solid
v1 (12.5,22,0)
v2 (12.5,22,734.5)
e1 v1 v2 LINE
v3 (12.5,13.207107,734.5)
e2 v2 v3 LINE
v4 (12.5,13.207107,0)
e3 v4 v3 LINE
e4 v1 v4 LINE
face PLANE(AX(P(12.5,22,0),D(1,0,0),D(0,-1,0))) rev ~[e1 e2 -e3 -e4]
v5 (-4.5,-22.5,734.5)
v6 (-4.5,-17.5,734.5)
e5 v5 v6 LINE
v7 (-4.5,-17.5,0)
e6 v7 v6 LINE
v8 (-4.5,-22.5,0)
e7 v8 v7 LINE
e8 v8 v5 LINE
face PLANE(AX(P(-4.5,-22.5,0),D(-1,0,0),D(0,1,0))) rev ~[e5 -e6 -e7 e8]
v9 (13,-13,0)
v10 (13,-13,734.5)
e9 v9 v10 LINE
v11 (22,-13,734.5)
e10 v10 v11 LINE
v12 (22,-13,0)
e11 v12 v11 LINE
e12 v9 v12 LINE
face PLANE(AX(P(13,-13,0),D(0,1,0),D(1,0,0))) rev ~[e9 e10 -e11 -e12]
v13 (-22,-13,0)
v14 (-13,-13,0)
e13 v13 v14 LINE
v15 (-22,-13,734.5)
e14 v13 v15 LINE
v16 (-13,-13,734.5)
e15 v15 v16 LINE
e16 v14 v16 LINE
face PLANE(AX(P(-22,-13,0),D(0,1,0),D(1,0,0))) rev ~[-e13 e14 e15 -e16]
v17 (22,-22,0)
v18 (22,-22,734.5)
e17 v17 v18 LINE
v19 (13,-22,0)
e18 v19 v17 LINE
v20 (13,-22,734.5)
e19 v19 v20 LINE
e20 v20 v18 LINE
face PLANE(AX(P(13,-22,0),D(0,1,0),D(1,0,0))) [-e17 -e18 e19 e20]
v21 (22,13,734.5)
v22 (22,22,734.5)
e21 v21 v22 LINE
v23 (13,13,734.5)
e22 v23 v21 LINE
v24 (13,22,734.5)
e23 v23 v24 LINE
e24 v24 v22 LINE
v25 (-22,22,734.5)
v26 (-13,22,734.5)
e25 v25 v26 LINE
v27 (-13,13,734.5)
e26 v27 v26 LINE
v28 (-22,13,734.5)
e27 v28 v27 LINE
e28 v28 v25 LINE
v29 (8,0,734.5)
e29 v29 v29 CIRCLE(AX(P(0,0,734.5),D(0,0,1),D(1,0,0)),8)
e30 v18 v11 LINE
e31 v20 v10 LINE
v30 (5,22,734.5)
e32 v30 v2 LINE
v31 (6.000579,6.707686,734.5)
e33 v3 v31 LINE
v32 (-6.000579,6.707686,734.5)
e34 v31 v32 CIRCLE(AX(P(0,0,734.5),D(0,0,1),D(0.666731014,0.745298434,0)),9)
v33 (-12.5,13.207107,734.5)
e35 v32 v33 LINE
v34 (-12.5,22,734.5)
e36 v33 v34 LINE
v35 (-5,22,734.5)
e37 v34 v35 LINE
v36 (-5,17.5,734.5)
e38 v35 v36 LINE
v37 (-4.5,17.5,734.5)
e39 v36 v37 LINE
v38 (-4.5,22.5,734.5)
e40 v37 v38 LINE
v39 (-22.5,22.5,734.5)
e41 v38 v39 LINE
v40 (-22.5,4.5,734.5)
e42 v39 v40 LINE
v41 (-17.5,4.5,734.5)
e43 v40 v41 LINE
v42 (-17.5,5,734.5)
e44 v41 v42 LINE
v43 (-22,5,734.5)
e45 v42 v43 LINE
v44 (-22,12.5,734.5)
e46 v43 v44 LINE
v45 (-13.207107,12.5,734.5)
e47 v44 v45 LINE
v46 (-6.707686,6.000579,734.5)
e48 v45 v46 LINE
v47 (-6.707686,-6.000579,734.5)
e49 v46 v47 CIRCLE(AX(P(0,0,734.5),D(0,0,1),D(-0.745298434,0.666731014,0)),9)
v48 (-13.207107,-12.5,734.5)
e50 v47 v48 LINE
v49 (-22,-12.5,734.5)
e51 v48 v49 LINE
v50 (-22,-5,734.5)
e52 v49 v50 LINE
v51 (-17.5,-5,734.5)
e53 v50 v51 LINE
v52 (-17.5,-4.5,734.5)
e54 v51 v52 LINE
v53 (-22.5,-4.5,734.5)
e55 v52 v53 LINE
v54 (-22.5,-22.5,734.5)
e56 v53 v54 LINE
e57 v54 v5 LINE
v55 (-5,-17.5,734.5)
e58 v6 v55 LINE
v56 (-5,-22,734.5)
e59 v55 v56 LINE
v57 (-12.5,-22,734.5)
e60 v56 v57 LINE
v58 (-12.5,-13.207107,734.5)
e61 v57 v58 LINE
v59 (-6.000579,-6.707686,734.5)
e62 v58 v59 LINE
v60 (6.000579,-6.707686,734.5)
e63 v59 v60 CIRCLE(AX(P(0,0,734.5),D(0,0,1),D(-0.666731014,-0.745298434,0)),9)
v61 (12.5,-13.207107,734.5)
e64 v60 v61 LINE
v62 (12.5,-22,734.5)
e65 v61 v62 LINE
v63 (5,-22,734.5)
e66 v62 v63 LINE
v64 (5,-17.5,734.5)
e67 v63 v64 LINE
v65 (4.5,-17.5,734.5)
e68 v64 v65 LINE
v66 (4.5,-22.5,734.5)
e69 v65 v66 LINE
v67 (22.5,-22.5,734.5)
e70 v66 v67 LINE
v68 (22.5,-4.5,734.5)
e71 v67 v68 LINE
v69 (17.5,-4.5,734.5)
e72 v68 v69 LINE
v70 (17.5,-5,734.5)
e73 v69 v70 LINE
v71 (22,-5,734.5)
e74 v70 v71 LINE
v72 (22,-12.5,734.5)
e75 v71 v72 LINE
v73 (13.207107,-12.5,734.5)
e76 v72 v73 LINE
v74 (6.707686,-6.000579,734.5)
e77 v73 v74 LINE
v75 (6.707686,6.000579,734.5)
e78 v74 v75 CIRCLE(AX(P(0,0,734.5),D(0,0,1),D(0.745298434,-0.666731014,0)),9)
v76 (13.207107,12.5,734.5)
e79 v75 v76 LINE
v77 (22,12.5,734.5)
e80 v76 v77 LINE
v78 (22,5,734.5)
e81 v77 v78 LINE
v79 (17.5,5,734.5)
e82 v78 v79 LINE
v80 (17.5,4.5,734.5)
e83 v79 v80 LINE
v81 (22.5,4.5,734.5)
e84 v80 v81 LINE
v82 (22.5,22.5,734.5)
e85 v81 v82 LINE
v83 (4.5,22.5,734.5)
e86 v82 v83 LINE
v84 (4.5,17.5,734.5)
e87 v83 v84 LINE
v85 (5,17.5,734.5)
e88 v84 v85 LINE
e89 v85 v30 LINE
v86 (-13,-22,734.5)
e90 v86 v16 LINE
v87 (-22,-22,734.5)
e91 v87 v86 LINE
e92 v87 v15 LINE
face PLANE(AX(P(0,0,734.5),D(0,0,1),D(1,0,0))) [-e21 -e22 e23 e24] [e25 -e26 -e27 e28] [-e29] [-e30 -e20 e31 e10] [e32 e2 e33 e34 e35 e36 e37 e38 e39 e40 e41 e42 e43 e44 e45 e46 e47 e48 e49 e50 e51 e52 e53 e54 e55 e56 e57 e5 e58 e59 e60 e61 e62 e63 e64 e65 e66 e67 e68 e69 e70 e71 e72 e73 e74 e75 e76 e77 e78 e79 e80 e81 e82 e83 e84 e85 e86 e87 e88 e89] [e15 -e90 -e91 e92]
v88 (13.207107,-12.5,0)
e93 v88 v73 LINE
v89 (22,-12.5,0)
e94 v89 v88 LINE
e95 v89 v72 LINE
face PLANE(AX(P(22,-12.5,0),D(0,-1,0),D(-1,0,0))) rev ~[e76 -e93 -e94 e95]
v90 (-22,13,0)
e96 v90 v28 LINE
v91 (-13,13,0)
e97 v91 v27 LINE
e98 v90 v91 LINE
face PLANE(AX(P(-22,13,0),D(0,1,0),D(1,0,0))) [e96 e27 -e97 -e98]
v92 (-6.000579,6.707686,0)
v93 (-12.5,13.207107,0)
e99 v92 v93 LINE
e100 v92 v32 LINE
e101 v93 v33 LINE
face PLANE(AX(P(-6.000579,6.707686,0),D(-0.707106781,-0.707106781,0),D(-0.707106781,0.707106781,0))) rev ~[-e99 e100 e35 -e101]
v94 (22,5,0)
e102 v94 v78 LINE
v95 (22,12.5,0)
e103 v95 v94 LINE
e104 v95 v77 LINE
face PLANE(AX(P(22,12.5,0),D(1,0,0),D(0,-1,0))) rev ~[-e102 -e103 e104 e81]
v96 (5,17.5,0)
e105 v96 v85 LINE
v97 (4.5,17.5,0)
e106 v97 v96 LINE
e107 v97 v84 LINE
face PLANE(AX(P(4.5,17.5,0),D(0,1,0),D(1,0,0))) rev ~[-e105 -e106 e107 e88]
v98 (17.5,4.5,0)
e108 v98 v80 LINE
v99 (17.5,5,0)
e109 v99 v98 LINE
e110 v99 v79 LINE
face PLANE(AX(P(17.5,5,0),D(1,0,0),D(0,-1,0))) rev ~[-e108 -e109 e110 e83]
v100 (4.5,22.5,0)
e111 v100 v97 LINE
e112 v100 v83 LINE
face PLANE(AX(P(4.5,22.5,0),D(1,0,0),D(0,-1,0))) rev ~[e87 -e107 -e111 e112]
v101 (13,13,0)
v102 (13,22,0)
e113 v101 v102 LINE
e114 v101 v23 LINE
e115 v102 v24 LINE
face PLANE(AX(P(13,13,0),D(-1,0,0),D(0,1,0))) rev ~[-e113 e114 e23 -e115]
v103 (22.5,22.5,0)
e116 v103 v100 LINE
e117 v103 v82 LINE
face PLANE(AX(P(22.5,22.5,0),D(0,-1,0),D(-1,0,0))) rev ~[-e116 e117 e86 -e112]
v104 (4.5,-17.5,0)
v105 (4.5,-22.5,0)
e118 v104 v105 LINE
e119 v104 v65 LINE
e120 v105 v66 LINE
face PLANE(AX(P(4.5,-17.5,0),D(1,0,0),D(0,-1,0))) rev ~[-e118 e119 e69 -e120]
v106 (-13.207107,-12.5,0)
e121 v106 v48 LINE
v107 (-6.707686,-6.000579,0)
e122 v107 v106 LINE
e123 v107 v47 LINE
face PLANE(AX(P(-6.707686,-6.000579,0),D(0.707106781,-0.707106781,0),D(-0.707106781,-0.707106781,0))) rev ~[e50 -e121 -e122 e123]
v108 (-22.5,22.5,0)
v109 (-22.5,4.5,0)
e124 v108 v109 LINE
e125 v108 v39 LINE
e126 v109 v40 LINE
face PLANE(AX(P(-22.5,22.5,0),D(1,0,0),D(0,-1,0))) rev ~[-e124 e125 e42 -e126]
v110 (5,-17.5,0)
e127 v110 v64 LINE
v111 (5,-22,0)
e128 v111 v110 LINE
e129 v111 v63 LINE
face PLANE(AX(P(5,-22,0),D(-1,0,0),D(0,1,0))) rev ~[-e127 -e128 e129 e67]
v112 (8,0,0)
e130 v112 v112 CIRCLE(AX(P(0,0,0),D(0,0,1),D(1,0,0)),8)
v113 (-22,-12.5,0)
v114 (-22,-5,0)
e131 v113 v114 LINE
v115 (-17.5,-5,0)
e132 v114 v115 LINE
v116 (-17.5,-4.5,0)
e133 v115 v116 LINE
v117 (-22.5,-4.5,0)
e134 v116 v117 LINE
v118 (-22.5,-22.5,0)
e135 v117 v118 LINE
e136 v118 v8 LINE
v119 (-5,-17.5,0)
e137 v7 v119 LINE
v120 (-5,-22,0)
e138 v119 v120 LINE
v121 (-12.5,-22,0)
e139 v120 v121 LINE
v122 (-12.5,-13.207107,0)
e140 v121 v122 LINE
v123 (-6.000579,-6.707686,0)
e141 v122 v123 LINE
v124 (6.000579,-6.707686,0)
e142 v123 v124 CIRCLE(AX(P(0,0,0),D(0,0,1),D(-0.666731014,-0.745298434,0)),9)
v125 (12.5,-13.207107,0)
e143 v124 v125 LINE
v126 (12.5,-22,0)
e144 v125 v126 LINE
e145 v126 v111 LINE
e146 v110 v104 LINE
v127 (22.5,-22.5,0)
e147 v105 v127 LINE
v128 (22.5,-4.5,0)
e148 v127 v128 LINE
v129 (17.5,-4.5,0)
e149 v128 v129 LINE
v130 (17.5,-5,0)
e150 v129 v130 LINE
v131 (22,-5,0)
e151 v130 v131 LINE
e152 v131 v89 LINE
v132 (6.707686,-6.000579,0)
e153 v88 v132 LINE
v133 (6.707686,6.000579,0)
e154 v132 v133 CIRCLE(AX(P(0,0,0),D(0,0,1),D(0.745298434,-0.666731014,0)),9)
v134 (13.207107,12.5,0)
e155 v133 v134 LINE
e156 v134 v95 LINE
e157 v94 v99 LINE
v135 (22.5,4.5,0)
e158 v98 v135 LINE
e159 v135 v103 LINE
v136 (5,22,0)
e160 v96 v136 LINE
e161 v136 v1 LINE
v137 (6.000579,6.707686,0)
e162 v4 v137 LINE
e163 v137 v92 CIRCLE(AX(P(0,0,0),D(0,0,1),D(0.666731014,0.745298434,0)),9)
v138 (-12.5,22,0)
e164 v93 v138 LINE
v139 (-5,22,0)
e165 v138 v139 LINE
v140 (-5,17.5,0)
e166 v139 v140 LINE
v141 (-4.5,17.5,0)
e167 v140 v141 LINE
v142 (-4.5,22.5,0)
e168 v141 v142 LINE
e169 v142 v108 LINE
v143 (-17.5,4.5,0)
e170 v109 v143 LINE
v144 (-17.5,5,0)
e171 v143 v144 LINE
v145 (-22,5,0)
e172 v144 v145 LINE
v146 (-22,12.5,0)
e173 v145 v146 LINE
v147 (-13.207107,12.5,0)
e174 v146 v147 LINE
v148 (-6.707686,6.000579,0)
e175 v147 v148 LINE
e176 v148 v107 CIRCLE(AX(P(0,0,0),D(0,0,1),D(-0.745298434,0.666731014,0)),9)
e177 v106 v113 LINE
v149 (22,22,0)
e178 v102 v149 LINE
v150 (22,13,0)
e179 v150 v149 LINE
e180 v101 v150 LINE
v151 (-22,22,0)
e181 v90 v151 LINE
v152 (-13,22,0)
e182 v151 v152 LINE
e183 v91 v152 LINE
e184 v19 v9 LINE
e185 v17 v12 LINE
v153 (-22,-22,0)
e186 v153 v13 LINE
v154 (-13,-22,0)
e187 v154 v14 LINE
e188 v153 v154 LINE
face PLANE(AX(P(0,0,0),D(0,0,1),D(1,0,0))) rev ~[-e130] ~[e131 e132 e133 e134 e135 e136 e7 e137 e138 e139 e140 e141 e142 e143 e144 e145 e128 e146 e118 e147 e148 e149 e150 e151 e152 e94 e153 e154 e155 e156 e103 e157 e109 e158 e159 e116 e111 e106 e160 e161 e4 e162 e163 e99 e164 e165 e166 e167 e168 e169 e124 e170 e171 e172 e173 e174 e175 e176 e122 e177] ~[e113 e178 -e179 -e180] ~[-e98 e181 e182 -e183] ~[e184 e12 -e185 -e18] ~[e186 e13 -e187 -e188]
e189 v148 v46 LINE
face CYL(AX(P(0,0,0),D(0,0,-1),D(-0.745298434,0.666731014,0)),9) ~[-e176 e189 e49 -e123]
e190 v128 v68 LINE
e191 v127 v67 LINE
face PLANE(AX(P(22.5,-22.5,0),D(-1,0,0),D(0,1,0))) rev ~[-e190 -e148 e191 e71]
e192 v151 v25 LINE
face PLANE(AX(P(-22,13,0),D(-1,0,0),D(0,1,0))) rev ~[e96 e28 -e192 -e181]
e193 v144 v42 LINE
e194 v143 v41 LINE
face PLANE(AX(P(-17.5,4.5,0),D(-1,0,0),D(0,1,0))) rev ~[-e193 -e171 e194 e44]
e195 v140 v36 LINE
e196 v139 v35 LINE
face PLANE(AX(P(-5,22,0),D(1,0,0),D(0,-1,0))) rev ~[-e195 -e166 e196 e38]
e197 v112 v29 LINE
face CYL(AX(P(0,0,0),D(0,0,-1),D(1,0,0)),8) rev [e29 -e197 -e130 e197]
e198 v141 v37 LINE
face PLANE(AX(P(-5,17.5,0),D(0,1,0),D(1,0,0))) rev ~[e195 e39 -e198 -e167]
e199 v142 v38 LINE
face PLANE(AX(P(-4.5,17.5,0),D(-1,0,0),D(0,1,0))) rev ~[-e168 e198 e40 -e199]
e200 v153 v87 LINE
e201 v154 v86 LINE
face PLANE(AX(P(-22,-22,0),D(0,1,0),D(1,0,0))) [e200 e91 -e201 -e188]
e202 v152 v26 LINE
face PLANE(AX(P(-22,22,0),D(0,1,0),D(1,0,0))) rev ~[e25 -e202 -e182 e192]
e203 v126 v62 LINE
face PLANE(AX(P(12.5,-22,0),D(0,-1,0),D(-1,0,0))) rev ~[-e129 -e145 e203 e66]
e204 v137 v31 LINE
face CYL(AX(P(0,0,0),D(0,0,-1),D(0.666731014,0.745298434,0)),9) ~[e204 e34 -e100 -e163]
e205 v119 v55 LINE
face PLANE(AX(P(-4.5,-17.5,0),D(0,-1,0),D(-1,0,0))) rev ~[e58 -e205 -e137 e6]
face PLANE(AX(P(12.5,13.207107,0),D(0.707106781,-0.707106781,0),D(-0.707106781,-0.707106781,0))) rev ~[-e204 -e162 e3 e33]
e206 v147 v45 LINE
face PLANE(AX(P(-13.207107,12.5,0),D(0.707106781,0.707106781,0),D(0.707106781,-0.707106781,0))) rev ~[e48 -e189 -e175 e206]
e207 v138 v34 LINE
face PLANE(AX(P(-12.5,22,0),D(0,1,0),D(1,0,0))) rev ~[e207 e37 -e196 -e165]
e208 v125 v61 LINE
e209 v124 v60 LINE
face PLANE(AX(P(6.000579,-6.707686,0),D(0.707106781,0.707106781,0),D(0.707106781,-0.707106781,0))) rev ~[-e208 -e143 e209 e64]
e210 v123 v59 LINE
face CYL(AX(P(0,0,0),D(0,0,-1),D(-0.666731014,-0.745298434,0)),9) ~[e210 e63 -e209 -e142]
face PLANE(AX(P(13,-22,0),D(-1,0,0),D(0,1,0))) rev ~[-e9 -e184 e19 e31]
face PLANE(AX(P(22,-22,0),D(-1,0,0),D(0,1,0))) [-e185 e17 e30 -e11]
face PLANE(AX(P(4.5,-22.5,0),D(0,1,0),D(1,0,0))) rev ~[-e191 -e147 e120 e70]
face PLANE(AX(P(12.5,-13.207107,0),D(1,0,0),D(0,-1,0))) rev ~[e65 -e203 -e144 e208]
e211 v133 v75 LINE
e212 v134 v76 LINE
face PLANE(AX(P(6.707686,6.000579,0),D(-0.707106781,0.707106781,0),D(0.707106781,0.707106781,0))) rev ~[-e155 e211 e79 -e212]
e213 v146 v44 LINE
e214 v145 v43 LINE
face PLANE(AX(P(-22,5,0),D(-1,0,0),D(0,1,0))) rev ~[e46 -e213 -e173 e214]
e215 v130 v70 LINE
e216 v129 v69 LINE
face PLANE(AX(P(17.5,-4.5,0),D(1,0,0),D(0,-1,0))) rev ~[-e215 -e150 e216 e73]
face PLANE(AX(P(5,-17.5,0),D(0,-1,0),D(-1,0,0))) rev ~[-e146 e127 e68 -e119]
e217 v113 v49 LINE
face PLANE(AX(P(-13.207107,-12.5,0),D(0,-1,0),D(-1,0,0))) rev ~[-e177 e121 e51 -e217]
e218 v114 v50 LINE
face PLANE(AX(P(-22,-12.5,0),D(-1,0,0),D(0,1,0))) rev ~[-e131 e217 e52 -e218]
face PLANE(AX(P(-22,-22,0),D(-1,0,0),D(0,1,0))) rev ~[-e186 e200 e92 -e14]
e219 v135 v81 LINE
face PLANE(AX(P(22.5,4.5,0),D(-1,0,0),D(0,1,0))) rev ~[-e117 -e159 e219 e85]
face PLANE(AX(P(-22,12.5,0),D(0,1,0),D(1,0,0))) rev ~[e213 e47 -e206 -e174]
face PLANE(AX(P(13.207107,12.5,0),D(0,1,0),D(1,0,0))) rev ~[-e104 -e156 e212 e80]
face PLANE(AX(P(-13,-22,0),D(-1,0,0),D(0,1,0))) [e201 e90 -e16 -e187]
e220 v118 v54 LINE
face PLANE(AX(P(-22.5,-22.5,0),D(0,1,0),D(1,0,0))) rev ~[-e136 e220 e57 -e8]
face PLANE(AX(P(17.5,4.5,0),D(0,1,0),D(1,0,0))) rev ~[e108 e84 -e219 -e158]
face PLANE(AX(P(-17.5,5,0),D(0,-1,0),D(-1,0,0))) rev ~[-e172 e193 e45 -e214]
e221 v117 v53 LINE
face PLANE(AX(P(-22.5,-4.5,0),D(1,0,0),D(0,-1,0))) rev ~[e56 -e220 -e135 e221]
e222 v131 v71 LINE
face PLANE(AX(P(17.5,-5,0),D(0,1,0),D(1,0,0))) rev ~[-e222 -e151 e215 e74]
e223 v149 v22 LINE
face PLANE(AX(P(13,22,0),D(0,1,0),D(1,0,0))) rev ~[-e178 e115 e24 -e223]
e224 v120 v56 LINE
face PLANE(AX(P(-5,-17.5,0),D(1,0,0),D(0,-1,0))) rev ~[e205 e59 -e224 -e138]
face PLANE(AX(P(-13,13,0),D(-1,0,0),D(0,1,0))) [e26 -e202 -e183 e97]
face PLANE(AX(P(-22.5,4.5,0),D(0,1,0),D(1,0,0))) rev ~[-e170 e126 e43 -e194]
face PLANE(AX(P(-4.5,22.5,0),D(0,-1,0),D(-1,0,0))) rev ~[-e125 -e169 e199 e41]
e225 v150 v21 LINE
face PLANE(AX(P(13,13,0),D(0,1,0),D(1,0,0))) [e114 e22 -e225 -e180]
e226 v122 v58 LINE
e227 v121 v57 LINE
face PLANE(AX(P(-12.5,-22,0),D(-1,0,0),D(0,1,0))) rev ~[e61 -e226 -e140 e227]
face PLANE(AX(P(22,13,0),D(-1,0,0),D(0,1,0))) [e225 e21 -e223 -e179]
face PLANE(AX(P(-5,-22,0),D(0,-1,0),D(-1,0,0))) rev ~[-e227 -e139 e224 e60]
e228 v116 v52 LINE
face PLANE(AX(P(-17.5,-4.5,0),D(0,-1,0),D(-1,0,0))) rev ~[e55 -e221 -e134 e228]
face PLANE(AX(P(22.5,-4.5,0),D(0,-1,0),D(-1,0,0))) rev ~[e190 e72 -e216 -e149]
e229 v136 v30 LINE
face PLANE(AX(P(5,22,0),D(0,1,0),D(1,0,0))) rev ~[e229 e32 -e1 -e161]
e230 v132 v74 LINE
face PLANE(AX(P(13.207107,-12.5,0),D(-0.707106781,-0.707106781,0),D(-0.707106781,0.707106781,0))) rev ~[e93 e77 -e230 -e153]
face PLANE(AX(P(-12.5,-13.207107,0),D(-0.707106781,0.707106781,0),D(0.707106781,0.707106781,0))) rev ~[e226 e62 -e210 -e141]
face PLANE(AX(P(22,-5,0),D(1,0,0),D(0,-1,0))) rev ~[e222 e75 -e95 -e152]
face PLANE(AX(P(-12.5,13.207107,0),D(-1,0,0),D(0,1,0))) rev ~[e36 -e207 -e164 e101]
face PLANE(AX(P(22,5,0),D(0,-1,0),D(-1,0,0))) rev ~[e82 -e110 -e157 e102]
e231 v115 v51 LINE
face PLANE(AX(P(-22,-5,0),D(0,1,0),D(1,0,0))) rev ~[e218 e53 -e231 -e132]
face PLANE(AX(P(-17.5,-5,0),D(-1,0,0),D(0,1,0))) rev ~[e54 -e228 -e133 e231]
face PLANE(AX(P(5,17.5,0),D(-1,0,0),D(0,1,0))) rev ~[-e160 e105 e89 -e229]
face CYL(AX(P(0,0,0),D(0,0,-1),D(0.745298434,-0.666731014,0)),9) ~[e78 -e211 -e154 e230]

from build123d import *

# Parameters (mm, degrees)
ESBO_O1_W                = 9
ESBO_O1_H                = 9
ESBO_O1_R                = 8
RESSALTO_EXTRUS_O4_DEPTH = 734.5


with BuildPart() as part:
    # Esboço1 → Ressalto-extrusão4 (new body)
    with BuildSketch(Plane.XY):
        with BuildLine():
            Line((-4.5, 22.5), (-22.5, 22.5))
            Line((-22.5, 22.5), (-22.5, 4.5))
            Line((-22.5, 4.5), (-17.5, 4.5))
            Line((-17.5, 4.5), (-17.5, 5))
            Line((-17.5, 5), (-22, 5))
            Line((-22, 5), (-22, 12.5))
            Line((-22, 12.5), (-13.207106781, 12.5))
            Line((-13.207106781, 12.5), (-6.707685904, 6.000579123))
            ThreePointArc((-6.707685904, 6.000579123), (-9, 0), (-6.707685904, -6.000579123))
            Line((-6.707685904, -6.000579123), (-13.207106781, -12.5))
            Line((-13.207106781, -12.5), (-22, -12.5))
            Line((-22, -12.5), (-22, -5))
            Line((-22, -5), (-17.5, -5))
            Line((-17.5, -5), (-17.5, -4.5))
            Line((-17.5, -4.5), (-22.5, -4.5))
            Line((-22.5, -4.5), (-22.5, -22.5))
            Line((-22.5, -22.5), (-4.5, -22.5))
            Line((-4.5, -22.5), (-4.5, -17.5))
            Line((-4.5, -17.5), (-5, -17.5))
            Line((-5, -17.5), (-5, -22))
            Line((-5, -22), (-12.5, -22))
            Line((-12.5, -22), (-12.5, -13.207106781))
            Line((-12.5, -13.207106781), (-6.000579123, -6.707685904))
            ThreePointArc((-6.000579123, -6.707685904), (0, -9), (6.000579123, -6.707685904))
            Line((6.000579123, -6.707685904), (12.5, -13.207106781))
            Line((12.5, -13.207106781), (12.5, -22))
            Line((12.5, -22), (5, -22))
            Line((5, -22), (5, -17.5))
            Line((5, -17.5), (4.5, -17.5))
            Line((4.5, -17.5), (4.5, -22.5))
            Line((4.5, -22.5), (22.5, -22.5))
            Line((22.5, -22.5), (22.5, -4.5))
            Line((22.5, -4.5), (17.5, -4.5))
            Line((17.5, -4.5), (17.5, -5))
            Line((17.5, -5), (22, -5))
            Line((22, -5), (22, -12.5))
            Line((22, -12.5), (13.207106781, -12.5))
            Line((13.207106781, -12.5), (6.707685904, -6.000579123))
            ThreePointArc((6.707685904, -6.000579123), (9, 0), (6.707685904, 6.000579123))
            Line((6.707685904, 6.000579123), (13.207106781, 12.5))
            Line((13.207106781, 12.5), (22, 12.5))
            Line((22, 12.5), (22, 5))
            Line((22, 5), (17.5, 5))
            Line((17.5, 5), (17.5, 4.5))
            Line((17.5, 4.5), (22.5, 4.5))
            Line((22.5, 4.5), (22.5, 22.5))
            Line((22.5, 22.5), (4.5, 22.5))
            Line((4.5, 22.5), (4.5, 17.5))
            Line((4.5, 17.5), (5, 17.5))
            Line((5, 17.5), (5, 22))
            Line((5, 22), (12.5, 22))
            Line((12.5, 22), (12.5, 13.207106781))
            Line((12.5, 13.207106781), (6.000579123, 6.707685904))
            ThreePointArc((6.000579123, 6.707685904), (0, 9), (-6.000579123, 6.707685904))
            Line((-6.000579123, 6.707685904), (-12.5, 13.207106781))
            Line((-12.5, 13.207106781), (-12.5, 22))
            Line((-12.5, 22), (-5, 22))
            Line((-5, 22), (-5, 17.5))
            Line((-5, 17.5), (-4.5, 17.5))
            Line((-4.5, 17.5), (-4.5, 22.5))
        make_face()
        with Locations((17.5, 17.5)):
            Rectangle(ESBO_O1_W, ESBO_O1_H, mode=Mode.SUBTRACT)
        with Locations((-17.5, -17.5)):
            Rectangle(ESBO_O1_W, ESBO_O1_H, mode=Mode.SUBTRACT)
        with Locations((17.5, -17.5)):
            Rectangle(ESBO_O1_W, ESBO_O1_H, mode=Mode.SUBTRACT)
        with Locations((-17.5, 17.5)):
            Rectangle(ESBO_O1_W, ESBO_O1_H, mode=Mode.SUBTRACT)
        Circle(ESBO_O1_R, mode=Mode.SUBTRACT)
    extrude(amount=RESSALTO_EXTRUS_O4_DEPTH)


solid = part.part
